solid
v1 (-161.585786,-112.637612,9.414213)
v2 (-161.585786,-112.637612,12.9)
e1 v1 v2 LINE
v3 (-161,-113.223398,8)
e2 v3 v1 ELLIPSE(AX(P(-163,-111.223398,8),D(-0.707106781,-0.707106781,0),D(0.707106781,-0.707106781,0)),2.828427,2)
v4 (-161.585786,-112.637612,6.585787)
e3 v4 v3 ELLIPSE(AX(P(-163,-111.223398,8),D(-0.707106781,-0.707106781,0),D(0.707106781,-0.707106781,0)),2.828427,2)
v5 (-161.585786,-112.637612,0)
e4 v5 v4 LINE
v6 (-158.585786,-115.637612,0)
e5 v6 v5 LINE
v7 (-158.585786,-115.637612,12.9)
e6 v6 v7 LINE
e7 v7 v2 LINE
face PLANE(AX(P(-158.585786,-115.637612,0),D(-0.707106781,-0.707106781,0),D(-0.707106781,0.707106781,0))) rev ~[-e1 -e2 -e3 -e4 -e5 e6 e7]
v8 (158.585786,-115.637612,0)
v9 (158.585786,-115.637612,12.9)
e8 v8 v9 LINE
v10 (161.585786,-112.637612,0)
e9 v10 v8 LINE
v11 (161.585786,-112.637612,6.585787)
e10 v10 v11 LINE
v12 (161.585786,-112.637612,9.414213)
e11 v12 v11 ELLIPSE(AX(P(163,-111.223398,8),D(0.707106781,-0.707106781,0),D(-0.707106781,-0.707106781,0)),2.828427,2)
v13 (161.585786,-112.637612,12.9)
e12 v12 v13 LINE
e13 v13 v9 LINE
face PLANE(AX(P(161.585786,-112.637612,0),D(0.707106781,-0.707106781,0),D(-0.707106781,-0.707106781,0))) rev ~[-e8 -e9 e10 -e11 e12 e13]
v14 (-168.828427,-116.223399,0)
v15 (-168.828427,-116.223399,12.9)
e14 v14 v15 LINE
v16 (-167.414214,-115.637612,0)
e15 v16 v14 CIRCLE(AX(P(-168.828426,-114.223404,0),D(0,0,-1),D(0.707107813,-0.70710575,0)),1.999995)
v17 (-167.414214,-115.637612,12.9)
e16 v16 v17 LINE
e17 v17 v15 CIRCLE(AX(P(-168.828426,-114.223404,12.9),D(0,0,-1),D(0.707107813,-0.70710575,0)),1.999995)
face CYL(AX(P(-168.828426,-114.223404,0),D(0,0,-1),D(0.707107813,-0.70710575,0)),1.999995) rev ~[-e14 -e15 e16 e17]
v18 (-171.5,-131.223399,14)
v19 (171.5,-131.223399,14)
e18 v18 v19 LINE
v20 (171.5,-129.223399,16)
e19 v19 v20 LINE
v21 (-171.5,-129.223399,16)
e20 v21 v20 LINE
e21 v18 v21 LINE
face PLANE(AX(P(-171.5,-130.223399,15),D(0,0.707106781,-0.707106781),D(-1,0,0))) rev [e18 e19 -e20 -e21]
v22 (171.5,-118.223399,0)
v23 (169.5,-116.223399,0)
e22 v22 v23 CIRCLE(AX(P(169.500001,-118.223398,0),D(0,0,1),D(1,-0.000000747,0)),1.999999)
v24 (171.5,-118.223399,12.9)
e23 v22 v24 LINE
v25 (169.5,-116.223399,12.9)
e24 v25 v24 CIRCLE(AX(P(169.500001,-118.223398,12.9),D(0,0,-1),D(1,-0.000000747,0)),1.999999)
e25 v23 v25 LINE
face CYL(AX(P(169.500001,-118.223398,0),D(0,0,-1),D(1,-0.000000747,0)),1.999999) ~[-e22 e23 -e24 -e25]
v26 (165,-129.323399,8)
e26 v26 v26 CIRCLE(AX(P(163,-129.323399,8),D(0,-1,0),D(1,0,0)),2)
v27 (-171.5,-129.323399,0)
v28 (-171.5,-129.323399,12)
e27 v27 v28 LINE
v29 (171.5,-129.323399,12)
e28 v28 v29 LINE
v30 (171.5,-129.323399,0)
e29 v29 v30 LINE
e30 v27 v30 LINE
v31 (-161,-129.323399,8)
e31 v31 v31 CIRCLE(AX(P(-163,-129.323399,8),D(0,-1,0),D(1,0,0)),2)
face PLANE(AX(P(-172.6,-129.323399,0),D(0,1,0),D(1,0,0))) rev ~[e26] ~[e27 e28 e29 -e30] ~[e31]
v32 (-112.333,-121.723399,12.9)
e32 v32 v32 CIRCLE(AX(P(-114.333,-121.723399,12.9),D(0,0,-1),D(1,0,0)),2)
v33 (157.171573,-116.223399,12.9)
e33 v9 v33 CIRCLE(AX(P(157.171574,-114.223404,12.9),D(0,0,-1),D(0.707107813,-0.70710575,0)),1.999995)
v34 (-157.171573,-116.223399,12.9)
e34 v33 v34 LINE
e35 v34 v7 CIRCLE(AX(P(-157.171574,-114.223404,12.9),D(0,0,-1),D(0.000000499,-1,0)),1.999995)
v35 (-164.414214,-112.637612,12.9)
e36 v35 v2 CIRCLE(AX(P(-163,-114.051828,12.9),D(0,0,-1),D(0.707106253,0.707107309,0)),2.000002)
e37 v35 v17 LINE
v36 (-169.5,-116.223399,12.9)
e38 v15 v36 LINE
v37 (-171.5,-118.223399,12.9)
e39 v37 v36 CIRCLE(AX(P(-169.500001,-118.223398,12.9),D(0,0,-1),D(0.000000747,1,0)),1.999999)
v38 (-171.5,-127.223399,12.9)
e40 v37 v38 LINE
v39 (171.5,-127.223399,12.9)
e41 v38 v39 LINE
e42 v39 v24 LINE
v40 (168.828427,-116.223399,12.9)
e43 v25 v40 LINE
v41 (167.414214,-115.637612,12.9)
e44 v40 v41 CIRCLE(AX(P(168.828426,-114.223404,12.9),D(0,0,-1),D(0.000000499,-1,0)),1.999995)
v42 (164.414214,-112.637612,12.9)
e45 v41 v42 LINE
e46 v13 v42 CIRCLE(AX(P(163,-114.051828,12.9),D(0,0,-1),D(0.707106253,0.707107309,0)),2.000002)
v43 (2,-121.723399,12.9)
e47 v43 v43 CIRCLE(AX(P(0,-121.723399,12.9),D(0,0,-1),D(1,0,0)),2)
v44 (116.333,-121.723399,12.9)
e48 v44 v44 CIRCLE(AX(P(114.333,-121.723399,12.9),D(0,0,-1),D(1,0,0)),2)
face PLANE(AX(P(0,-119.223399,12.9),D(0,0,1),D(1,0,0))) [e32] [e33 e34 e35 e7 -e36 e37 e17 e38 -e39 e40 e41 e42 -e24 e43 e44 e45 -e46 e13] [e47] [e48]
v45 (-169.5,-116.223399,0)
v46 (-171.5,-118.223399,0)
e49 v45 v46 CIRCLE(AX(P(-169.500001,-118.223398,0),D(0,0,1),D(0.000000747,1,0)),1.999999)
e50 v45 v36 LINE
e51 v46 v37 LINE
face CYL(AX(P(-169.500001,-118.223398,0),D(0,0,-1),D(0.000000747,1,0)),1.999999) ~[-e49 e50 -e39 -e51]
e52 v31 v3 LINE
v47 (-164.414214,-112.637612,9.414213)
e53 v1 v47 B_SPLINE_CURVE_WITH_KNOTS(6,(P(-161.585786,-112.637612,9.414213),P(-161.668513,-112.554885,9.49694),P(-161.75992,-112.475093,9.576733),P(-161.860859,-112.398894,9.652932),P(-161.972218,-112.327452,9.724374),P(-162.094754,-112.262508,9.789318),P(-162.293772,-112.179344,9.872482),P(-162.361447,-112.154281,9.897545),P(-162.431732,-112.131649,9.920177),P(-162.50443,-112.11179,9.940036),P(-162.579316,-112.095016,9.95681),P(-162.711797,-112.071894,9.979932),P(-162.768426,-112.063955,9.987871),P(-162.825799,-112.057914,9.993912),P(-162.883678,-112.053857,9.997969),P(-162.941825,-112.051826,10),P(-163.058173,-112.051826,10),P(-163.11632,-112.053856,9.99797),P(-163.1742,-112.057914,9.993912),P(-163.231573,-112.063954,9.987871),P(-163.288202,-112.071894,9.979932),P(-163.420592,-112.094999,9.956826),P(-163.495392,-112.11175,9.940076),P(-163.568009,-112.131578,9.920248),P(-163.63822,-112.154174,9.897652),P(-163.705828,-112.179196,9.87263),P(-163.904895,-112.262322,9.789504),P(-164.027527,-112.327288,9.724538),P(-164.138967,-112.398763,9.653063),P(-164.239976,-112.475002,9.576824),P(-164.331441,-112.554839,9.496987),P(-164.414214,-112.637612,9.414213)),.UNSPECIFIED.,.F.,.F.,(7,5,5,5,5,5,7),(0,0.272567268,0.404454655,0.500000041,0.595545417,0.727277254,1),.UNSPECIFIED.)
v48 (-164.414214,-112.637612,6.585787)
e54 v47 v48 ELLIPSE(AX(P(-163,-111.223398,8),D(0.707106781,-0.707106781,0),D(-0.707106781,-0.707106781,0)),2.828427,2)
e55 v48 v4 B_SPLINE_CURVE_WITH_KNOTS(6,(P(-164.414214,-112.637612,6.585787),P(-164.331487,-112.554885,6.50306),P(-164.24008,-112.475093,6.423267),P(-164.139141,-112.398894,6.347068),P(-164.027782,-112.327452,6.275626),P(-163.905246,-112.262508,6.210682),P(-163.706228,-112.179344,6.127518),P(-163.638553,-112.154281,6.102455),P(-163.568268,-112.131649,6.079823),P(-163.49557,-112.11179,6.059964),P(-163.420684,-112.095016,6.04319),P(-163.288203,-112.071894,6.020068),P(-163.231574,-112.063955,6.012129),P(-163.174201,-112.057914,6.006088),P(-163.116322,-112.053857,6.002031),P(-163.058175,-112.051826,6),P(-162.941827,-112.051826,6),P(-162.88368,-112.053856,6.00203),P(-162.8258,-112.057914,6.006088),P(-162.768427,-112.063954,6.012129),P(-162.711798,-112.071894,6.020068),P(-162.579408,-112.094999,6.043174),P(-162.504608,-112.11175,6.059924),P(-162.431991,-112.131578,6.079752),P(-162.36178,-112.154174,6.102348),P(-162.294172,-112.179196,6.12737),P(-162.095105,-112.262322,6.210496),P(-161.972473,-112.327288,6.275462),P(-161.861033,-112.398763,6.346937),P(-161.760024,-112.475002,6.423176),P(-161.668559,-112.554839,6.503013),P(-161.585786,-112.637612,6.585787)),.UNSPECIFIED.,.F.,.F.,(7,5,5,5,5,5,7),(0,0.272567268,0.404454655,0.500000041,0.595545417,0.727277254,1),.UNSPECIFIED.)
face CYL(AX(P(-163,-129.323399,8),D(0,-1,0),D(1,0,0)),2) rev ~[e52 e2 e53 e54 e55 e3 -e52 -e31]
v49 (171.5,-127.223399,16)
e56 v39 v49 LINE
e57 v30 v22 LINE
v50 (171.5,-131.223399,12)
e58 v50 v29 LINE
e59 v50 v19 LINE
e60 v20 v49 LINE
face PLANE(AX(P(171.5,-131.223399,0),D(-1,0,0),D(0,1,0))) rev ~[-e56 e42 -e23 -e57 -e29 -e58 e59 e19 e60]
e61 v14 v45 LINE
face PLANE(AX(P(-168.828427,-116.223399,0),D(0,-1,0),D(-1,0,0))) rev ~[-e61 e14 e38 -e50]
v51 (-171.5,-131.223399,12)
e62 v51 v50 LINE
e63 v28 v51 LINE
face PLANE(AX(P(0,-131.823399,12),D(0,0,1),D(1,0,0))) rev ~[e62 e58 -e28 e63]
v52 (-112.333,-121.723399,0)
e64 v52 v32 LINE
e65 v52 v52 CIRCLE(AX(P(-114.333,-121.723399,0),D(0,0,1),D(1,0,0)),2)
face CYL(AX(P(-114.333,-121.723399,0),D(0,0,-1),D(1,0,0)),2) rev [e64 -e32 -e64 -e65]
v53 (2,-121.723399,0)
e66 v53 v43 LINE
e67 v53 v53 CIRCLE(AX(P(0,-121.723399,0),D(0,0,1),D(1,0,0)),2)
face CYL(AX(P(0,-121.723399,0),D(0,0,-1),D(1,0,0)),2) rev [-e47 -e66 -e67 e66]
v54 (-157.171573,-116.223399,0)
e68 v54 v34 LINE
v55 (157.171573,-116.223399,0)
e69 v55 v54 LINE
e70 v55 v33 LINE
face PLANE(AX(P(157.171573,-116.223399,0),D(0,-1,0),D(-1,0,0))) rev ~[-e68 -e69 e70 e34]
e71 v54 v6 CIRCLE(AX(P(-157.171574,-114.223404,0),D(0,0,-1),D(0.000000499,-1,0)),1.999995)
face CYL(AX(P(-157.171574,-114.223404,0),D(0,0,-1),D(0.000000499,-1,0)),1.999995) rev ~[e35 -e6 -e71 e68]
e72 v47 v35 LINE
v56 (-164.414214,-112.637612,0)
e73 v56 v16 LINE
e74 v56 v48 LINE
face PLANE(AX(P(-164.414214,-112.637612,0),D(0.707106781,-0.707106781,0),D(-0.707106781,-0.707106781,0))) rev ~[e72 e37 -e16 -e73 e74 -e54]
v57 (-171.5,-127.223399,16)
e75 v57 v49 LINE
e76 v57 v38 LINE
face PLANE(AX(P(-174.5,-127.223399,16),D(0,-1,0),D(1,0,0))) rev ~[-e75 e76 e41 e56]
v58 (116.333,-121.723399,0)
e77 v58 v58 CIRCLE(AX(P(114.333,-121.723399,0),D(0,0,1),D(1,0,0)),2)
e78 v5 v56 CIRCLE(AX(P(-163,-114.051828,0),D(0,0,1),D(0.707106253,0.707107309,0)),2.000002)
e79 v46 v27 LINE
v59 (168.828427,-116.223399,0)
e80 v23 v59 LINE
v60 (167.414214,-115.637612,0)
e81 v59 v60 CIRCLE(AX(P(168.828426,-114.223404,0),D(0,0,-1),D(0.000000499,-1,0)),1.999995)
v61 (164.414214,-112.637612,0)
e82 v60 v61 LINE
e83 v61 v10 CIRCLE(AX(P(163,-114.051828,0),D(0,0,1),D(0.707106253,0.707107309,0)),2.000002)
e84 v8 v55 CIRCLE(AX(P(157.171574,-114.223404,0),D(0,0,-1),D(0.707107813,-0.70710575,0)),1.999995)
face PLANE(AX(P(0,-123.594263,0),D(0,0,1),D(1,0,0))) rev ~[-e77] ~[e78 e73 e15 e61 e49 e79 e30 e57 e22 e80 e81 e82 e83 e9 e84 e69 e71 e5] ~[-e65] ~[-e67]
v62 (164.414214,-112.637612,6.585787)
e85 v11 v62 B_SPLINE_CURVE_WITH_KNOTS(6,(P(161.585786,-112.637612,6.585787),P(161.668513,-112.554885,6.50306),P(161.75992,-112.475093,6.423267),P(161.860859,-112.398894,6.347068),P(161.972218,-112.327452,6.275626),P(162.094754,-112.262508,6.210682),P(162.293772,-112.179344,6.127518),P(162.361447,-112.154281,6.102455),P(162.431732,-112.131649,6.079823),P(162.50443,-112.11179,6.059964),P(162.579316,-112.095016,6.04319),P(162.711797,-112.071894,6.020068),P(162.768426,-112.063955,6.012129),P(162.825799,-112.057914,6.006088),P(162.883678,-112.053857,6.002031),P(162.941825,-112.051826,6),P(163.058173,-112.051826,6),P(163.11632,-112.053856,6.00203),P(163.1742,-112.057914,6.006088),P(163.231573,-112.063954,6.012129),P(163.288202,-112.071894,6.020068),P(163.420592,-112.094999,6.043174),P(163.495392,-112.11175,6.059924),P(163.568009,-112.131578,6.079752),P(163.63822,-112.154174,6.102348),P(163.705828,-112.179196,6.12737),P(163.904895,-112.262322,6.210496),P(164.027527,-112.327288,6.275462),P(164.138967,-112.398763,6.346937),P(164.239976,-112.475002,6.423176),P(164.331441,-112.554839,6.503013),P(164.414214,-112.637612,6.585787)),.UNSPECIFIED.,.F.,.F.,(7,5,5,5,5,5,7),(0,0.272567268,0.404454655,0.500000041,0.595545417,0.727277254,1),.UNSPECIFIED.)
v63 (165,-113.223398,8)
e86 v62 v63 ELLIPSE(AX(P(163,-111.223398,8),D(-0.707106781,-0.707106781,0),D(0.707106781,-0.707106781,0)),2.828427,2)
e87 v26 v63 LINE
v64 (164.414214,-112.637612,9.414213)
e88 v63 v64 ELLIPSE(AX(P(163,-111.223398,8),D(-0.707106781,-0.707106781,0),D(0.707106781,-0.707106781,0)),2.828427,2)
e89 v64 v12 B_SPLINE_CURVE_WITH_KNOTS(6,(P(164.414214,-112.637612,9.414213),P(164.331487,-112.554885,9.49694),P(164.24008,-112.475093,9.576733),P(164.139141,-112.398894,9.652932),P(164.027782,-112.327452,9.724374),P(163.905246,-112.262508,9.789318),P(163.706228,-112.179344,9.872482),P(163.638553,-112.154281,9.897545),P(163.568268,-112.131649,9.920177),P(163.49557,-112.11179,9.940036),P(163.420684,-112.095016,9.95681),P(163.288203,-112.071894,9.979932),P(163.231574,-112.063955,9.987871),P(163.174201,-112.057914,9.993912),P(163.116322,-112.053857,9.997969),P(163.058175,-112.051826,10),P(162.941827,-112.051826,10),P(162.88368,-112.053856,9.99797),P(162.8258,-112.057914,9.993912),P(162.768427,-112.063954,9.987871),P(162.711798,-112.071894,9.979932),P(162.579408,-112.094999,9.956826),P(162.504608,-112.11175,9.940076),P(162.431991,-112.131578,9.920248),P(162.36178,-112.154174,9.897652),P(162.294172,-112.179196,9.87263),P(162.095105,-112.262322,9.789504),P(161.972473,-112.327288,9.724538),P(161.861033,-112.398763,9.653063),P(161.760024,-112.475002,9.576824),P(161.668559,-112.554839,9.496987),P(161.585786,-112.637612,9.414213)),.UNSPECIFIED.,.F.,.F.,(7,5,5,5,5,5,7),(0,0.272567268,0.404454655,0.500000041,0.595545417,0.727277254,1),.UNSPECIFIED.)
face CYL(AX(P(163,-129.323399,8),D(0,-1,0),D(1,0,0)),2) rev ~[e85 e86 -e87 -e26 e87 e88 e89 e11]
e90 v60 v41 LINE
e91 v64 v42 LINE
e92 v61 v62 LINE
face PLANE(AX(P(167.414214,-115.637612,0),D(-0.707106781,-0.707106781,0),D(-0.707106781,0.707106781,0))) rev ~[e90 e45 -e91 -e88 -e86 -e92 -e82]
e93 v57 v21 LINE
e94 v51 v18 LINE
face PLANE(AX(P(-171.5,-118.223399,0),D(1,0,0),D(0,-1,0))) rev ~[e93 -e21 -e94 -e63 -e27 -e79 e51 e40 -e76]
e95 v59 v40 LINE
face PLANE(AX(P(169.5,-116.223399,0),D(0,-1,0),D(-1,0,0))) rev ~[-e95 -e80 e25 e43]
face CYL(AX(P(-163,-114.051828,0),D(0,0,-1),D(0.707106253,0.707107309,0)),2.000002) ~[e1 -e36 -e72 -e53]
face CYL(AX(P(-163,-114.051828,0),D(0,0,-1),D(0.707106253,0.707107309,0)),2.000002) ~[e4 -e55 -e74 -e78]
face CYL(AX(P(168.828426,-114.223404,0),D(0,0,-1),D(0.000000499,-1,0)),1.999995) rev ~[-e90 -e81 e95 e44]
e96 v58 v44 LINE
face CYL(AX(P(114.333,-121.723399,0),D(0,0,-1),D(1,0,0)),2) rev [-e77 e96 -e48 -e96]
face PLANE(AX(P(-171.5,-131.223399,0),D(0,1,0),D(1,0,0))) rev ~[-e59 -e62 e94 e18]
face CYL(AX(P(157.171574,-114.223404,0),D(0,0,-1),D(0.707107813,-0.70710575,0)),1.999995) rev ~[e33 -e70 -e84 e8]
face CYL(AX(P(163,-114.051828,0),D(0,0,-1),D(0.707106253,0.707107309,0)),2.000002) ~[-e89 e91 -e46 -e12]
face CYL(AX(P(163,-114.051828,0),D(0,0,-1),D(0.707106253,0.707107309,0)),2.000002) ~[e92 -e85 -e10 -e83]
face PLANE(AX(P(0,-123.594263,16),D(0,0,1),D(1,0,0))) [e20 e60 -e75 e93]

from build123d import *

# Parameters (mm, degrees)
F0_R     = 2
F1_DEPTH = 16
F2_SIZE  = 2
F3_W     = 349
F3_H     = 16
F4_DEPTH = 3.1
F5_W     = 345.2
F5_H     = 5
F6_DEPTH = 12
F7_R     = 2
F8_DEPTH = 17.272573


with BuildPart() as f1:
    # F0 (on Top) → F1 (new body)
    with BuildSketch(Plane.XY):
        with BuildLine():
            Line((-171.5, -127.73274), (-171.5, -131.223399))
            Line((-171.5, -131.223399), (171.5, -131.223399))
            Line((171.5, -131.223399), (171.5, -127.73274))
            Line((171.5, -127.73274), (171.5, -118.223399))
            ThreePointArc((171.5, -118.223399), (170.914214, -116.809185), (169.5, -116.223399))
            Line((169.5, -116.223399), (168.828427, -116.223399))
            ThreePointArc((168.828427, -116.223399), (168.06306, -116.071158), (167.414214, -115.637612))
            Line((167.414214, -115.637612), (164.414214, -112.637612))
            ThreePointArc((164.414214, -112.637612), (163, -112.051826), (161.585786, -112.637612))
            Line((161.585786, -112.637612), (158.585786, -115.637612))
            ThreePointArc((158.585786, -115.637612), (157.93694, -116.071158), (157.171573, -116.223399))
            Line((157.171573, -116.223399), (-154.5, -116.223399))
            Line((-154.5, -116.223399), (-157.171573, -116.223399))
            ThreePointArc((-157.171573, -116.223399), (-157.93694, -116.071158), (-158.585786, -115.637612))
            Line((-158.585786, -115.637612), (-161.585786, -112.637612))
            ThreePointArc((-161.585786, -112.637612), (-163, -112.051826), (-164.414214, -112.637612))
            Line((-164.414214, -112.637612), (-167.414214, -115.637612))
            ThreePointArc((-167.414214, -115.637612), (-168.06306, -116.071158), (-168.828427, -116.223399))
            Line((-168.828427, -116.223399), (-169.5, -116.223399))
            ThreePointArc((-169.5, -116.223399), (-170.914214, -116.809185), (-171.5, -118.223399))
            Line((-171.5, -118.223399), (-171.5, -127.73274))
        make_face()
        with Locations((-114.333, -121.723399)):
            Circle(F0_R, mode=Mode.SUBTRACT)
        with Locations((0, -121.723399)):
            Circle(F0_R, mode=Mode.SUBTRACT)
        with Locations((114.333, -121.723399)):
            Circle(F0_R, mode=Mode.SUBTRACT)
    extrude(amount=F1_DEPTH)

    # F2
    f2_edges = [f1.edges().sort_by_distance(p)[0] for p in [
        (0, -131.223399, 16),
    ]]
    chamfer(f2_edges, length=F2_SIZE)

    # F3 (on face) → F4 (cut)
    with BuildSketch(Plane.XY.offset(16)):
        with Locations((0, -119.223399)):
            Rectangle(F3_W, F3_H)
    extrude(amount=-F4_DEPTH, mode=Mode.SUBTRACT)

    # F5 (on face) → F6 (cut)
    with BuildSketch(Plane.XY):
        with Locations((0, -131.823399)):
            Rectangle(F5_W, F5_H)
    extrude(amount=F6_DEPTH, mode=Mode.SUBTRACT)

    # F7 (on face) → F8 (cut, through all)
    with BuildSketch(Plane.XZ.offset(129.323399)):
        with Locations((-163, 8)):
            Circle(F7_R)
        with Locations((163, 8)):
            Circle(F7_R)
    extrude(amount=-F8_DEPTH, mode=Mode.SUBTRACT)


solid = f1.part
